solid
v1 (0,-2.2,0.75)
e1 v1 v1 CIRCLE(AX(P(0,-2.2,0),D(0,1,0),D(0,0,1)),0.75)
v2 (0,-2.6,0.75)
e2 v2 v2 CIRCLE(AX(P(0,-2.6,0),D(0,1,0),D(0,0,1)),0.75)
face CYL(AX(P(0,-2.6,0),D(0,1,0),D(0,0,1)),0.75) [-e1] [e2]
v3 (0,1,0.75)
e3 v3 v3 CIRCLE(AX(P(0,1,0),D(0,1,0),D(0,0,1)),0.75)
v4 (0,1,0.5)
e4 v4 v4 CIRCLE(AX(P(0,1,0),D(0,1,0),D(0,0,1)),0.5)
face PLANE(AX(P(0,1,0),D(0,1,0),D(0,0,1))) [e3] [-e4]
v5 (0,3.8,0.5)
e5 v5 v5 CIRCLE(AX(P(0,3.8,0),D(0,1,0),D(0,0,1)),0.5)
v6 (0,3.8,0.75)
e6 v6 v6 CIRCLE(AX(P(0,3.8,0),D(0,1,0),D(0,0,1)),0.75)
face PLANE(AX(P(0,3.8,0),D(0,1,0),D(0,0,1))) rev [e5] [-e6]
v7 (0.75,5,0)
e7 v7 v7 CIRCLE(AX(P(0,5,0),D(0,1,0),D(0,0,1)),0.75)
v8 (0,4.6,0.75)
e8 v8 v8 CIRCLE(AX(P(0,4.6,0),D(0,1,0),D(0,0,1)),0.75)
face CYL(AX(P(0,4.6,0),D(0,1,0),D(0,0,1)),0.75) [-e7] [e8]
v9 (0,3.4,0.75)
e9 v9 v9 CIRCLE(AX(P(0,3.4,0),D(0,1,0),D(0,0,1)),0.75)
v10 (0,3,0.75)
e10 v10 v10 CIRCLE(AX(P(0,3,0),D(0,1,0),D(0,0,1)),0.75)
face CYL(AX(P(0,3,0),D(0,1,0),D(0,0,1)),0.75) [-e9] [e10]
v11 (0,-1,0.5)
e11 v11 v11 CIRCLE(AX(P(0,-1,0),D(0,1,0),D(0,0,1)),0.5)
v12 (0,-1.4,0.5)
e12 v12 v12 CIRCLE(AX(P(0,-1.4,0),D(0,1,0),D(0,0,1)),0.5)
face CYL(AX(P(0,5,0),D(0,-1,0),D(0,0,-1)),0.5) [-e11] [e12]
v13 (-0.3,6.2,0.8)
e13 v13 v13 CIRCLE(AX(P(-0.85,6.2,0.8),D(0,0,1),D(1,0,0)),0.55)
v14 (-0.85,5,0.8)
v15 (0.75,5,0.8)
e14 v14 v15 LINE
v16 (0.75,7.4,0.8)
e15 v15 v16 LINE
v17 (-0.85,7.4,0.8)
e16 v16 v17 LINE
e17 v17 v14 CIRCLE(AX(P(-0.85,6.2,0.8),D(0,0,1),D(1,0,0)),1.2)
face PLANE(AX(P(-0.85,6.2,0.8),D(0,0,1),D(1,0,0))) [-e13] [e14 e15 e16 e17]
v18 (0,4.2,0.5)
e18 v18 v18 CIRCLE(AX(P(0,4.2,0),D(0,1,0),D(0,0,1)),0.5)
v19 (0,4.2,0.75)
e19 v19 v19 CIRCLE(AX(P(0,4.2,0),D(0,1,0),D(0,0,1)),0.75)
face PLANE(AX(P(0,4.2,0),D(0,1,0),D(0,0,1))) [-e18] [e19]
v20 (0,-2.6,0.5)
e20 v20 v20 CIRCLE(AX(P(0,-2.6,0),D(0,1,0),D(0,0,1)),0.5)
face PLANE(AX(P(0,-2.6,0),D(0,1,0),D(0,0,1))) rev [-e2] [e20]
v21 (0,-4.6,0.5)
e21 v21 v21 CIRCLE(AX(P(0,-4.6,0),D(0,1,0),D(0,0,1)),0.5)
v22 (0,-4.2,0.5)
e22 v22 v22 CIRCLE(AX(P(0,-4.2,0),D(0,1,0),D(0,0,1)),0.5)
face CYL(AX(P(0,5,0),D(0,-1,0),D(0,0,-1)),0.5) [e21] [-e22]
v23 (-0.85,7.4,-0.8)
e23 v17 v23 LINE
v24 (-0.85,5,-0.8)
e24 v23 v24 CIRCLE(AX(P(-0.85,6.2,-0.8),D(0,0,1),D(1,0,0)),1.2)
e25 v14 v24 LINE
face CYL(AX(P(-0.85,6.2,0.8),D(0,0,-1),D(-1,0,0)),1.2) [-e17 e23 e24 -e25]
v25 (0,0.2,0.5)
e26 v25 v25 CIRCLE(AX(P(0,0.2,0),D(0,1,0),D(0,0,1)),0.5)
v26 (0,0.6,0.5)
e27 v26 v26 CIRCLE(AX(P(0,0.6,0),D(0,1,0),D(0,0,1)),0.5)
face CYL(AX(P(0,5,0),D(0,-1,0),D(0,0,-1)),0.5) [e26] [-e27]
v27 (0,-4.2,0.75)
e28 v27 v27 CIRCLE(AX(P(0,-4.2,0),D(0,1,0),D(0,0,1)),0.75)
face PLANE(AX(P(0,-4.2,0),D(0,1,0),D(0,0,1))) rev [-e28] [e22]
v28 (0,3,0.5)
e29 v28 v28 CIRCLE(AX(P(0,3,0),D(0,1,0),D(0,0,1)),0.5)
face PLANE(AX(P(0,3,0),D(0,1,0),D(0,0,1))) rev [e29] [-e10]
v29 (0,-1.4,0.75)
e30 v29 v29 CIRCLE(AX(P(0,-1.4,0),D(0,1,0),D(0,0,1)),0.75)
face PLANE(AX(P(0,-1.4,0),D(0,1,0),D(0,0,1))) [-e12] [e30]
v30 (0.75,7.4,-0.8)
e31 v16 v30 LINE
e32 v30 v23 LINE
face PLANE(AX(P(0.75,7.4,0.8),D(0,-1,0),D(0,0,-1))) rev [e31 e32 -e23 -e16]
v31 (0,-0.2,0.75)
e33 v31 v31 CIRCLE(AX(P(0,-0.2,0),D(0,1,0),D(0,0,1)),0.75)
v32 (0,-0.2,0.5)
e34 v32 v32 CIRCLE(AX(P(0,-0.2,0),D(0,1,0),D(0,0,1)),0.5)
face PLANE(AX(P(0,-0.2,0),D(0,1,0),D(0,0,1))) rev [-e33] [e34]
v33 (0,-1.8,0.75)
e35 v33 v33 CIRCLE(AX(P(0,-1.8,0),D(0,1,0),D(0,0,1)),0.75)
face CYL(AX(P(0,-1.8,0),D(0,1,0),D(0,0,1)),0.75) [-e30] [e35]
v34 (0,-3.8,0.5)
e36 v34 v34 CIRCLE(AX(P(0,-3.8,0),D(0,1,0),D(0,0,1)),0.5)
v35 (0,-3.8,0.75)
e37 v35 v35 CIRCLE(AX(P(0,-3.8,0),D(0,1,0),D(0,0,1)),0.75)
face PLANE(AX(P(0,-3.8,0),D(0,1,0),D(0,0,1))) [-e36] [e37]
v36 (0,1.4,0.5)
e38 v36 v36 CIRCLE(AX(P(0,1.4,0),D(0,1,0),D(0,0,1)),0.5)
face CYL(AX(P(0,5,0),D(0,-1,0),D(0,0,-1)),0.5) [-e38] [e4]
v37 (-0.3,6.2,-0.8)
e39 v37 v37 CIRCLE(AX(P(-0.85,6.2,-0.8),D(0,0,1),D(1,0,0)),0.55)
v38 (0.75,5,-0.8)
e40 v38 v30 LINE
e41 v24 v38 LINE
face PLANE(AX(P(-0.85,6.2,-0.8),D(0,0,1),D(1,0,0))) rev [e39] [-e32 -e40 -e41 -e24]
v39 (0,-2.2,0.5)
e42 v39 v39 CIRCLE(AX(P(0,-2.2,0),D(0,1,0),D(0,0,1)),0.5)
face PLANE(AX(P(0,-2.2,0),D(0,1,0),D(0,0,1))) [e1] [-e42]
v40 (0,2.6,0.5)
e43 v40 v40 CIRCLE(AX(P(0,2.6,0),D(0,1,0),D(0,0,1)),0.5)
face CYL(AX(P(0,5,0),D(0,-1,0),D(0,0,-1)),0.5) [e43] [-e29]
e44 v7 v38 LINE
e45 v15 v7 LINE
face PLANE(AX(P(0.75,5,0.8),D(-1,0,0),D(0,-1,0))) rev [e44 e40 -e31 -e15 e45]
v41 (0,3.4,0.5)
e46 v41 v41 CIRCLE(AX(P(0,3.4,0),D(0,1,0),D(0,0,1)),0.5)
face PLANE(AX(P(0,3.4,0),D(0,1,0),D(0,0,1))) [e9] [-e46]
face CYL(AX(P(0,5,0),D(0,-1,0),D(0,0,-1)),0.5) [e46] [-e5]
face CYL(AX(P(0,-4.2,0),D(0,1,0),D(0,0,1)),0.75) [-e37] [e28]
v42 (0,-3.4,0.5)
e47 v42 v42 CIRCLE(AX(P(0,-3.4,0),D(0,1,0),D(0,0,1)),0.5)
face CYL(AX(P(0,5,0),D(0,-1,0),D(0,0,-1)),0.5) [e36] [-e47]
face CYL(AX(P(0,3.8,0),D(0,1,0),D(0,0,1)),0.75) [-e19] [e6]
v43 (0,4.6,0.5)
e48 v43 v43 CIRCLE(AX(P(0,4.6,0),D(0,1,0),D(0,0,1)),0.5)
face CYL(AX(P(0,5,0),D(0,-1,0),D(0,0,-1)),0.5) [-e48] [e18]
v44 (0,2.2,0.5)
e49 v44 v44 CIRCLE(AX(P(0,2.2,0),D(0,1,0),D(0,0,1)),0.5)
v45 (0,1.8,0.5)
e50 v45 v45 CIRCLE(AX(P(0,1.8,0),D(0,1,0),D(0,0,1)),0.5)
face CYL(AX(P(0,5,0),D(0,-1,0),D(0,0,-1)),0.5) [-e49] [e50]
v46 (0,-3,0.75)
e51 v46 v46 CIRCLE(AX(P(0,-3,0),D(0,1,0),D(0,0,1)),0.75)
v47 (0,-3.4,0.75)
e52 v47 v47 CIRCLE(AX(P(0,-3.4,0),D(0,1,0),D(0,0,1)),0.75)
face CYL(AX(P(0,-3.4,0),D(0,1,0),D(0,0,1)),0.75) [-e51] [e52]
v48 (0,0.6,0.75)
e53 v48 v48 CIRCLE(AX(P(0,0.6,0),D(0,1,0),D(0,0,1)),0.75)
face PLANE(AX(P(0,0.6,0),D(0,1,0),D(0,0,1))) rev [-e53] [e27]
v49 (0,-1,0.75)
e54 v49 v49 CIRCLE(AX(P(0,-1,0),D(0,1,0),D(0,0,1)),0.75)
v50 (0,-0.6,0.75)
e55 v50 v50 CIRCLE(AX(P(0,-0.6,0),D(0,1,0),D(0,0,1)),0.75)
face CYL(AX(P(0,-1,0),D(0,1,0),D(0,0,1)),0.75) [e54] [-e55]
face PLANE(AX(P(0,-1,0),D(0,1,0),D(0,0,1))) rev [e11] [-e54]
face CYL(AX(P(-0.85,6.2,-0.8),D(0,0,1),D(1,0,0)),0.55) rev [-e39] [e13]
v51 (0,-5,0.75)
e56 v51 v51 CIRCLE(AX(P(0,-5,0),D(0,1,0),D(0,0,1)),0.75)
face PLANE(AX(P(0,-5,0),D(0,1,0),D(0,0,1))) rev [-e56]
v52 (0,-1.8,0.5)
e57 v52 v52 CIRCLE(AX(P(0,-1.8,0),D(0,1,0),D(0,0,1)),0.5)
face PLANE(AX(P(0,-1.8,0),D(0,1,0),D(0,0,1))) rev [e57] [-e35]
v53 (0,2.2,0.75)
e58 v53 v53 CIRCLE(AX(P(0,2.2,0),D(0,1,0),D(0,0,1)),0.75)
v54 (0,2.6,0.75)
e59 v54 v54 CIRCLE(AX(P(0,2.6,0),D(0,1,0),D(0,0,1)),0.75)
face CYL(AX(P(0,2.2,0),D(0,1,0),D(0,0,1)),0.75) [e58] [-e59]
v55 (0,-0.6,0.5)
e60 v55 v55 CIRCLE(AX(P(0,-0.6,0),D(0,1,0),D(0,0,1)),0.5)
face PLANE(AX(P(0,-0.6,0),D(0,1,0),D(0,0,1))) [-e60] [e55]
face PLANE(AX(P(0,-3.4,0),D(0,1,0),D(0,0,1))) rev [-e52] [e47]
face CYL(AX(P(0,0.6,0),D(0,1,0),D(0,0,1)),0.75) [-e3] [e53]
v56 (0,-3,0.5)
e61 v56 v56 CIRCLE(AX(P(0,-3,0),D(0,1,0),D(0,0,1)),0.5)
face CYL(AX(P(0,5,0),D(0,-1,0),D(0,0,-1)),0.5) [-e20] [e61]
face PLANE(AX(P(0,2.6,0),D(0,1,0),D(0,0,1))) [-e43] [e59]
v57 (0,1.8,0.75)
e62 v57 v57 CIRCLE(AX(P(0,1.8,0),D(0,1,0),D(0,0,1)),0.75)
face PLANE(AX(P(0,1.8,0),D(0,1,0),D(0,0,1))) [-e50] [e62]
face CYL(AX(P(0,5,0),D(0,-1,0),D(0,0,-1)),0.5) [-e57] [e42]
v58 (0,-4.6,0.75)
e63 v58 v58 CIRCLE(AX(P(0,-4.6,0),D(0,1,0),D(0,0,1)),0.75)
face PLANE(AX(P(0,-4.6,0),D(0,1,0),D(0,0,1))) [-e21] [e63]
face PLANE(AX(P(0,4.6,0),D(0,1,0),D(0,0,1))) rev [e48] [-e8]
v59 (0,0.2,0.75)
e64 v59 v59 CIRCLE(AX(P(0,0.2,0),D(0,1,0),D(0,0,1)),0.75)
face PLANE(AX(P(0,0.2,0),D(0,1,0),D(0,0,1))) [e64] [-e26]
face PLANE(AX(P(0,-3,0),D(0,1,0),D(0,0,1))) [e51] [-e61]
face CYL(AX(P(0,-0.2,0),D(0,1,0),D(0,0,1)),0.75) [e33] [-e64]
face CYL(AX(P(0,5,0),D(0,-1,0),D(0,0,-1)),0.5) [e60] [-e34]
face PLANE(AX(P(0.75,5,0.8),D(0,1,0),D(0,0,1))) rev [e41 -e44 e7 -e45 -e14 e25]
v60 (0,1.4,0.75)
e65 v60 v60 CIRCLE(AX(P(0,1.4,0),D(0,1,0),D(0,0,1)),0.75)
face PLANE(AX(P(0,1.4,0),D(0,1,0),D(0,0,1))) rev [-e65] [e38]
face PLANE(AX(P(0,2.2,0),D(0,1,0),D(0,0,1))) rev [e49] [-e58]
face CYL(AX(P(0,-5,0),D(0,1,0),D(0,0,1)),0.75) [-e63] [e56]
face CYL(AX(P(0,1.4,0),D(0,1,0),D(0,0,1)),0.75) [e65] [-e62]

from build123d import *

# Parameters (mm, degrees)
SKETCH1_R               = 0.5
BOSS_EXTRUDE1_DEPTH     = 5
SKETCH7_R               = 0.75
BOSS_EXTRUDE4_DEPTH     = 0.4
LPATTERN10_COUNT        = 13
LPATTERN10_PITCH        = 0.8
BOSS_EXTRUDE5_DEPTH     = 0.8
CUT_EXTRUDE2_DEPTH      = 8.720265539
CUT_EXTRUDE2_DEPTH_BACK = 8.720265539
SKETCH12_R              = 0.55


with BuildPart() as part:
    # Sketch1 → Boss-Extrude1 (new, symmetric)
    with BuildSketch(Plane(origin=(0, 0, 0), x_dir=(1, 0, 0), z_dir=(0, 1, 0))):
        Circle(SKETCH1_R)
    extrude(amount=BOSS_EXTRUDE1_DEPTH, both=True)

    # Sketch7 → Boss-Extrude4 (add)
    with BuildSketch(Plane(origin=(0, 5, 0), x_dir=(1, 0, 0), z_dir=(0, 1, 0))):
        Circle(SKETCH7_R)
    boss_extrude4 = extrude(amount=-BOSS_EXTRUDE4_DEPTH)

    # LPattern10: Boss-Extrude4 ×13
    with Locations(*[(0, -i * LPATTERN10_PITCH, 0) for i in range(1, LPATTERN10_COUNT)]):
        add(boss_extrude4)

    # Sketch10 → Boss-Extrude5 (add, symmetric)
    with BuildSketch(Plane.XY):
        with BuildLine():
            Line((0.75, 5), (-0.85, 5))
            ThreePointArc((-0.85, 5), (-2.05, 6.2), (-0.85, 7.4))
            Line((-0.85, 7.4), (0.75, 7.4))
            Line((0.75, 7.4), (0.75, 5))
        make_face()
    extrude(amount=BOSS_EXTRUDE5_DEPTH, both=True)

    # Sketch12 → Cut-Extrude2 (cut, two sides: drawn at the far end of the back side and taken through both)
    with BuildSketch(Plane.XY.offset(-CUT_EXTRUDE2_DEPTH_BACK)):
        with Locations((-0.85, 6.2)):
            Circle(SKETCH12_R)
    extrude(amount=CUT_EXTRUDE2_DEPTH + CUT_EXTRUDE2_DEPTH_BACK, mode=Mode.SUBTRACT)


solid = part.part
